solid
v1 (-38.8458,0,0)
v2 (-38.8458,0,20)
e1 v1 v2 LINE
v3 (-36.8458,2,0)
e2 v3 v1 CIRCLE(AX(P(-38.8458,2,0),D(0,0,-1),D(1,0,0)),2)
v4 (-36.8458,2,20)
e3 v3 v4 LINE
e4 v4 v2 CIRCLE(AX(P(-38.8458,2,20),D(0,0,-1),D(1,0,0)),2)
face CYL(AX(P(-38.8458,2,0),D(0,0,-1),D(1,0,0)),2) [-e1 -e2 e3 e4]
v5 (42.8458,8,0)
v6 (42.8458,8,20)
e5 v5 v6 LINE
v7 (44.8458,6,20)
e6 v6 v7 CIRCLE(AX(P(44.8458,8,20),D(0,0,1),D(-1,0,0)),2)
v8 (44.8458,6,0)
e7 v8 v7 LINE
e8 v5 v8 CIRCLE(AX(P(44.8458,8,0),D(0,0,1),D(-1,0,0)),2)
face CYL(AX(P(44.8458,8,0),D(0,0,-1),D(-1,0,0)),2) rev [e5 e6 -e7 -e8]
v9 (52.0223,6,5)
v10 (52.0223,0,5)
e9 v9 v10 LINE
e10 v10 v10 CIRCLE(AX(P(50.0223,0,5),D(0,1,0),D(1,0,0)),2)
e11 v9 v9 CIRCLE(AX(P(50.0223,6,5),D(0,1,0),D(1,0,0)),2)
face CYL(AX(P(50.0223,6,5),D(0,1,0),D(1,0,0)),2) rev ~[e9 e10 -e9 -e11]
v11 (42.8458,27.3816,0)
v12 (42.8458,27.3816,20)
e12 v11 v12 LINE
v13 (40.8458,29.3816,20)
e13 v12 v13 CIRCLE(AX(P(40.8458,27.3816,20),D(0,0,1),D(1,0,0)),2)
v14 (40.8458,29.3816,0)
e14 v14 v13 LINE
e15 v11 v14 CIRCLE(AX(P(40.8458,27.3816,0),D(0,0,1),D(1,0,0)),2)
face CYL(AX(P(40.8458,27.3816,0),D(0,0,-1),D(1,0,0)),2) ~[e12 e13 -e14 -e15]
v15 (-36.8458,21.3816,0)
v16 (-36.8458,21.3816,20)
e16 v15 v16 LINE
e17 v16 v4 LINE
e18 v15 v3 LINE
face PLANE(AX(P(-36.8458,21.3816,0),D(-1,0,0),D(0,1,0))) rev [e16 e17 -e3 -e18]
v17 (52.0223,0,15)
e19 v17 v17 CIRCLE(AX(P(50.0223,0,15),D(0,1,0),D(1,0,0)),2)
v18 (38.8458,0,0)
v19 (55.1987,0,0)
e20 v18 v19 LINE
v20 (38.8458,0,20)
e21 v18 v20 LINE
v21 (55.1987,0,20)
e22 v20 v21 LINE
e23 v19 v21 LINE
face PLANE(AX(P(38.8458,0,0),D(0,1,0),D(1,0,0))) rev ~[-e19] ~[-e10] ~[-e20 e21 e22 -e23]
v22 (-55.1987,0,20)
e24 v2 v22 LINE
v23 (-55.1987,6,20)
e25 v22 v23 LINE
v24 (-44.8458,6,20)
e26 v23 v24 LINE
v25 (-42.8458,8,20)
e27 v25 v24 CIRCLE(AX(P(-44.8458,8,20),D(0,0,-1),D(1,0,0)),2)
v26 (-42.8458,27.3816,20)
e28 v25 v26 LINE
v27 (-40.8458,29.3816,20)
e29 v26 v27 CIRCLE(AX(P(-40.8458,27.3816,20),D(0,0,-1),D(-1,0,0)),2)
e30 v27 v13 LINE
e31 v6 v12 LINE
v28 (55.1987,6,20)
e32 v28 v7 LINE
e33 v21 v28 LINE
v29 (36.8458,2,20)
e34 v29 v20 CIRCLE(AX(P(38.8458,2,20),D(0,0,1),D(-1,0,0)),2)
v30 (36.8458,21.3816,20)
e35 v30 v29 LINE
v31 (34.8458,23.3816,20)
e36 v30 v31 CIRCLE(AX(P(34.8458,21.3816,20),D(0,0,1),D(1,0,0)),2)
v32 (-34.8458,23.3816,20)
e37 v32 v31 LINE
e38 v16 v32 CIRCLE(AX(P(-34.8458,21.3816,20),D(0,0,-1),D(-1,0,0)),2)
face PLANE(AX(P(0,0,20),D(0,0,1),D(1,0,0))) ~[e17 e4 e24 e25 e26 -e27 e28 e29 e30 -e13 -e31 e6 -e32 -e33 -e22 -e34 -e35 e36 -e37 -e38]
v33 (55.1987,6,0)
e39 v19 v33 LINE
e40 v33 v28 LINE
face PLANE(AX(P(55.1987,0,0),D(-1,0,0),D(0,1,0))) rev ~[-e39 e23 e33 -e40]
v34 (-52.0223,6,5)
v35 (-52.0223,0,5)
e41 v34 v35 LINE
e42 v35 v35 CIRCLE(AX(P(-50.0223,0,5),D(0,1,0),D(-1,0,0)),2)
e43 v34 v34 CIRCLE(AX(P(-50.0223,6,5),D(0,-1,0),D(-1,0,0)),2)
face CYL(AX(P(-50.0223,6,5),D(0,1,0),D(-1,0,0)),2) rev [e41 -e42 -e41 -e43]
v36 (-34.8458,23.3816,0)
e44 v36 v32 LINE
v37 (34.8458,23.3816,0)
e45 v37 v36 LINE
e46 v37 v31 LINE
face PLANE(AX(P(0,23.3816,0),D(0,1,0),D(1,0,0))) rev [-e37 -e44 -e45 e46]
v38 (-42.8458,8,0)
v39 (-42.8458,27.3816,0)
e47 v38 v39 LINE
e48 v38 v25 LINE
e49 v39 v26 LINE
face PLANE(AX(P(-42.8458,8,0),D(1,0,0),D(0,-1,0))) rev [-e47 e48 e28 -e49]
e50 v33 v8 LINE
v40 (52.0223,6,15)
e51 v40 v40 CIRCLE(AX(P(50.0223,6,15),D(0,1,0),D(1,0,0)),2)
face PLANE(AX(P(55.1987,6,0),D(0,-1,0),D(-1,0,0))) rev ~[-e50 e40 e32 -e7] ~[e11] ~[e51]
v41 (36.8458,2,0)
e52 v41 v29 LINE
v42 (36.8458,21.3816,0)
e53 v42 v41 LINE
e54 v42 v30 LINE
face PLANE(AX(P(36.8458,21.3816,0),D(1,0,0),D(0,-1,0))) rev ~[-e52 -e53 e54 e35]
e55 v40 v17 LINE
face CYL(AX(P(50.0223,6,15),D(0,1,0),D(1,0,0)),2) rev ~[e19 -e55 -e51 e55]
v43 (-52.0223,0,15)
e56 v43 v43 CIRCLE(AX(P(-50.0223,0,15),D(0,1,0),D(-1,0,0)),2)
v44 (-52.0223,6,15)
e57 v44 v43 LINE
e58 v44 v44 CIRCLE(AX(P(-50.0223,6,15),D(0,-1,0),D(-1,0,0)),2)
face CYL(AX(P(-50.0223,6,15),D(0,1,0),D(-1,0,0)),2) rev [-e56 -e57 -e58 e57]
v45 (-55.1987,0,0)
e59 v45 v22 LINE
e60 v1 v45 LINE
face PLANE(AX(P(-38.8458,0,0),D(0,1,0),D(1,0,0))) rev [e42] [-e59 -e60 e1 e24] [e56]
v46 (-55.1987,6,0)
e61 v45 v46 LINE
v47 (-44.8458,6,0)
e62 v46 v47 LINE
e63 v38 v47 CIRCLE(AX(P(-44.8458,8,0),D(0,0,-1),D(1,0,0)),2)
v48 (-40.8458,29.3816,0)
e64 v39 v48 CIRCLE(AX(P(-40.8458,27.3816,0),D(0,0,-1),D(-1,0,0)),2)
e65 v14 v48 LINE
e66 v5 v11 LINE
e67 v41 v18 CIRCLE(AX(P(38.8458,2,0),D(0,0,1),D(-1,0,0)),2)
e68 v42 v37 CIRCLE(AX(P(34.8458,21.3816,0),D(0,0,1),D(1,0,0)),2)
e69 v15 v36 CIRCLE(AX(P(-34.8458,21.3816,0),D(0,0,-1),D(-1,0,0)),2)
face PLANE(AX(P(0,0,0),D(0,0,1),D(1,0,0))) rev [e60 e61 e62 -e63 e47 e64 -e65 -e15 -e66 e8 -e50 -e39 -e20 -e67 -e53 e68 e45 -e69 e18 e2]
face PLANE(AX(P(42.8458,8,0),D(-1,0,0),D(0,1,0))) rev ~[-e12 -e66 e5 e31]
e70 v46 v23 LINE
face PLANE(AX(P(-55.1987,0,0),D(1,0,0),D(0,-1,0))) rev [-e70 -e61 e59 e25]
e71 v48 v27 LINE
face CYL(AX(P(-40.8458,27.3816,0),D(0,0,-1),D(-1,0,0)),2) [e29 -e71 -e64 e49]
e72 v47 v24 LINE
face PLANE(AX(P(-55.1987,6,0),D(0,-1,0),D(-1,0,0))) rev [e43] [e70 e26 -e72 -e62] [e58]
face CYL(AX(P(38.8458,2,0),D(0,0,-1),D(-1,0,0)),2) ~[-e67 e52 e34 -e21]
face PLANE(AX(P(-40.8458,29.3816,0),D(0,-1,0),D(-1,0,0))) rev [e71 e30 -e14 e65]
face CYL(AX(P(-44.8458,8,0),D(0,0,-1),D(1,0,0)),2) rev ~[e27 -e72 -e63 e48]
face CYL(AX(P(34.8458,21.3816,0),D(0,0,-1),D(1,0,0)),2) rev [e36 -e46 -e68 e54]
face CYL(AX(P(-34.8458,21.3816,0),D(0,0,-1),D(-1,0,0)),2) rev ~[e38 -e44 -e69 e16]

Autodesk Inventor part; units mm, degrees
ref_plane "YZ Plane" through (0, 0, 0) normal (1, 0, 0) x (0, 1, 0)
ref_plane "XZ Plane" through (0, 0, 0) normal (0, 1, 0) x (-1, 0, 0)
ref_plane "XY Plane" through (0, 0, 0) normal (0, 0, 1) x (1, 0, 0)
sketch "Sketch1" plane through (0, 0, 0) normal (0, 0, 1) x (1, 0, 0)
  line L0 (0, 23.3816) -> (34.8458, 23.3816)
  line L1 (36.8458, 21.3816) -> (36.8458, 2)
  line L2 (38.8458, 0) -> (55.1987, 0)
  line L3 (55.1987, 0) -> (55.1987, 6)
  line L4 (55.1987, 6) -> (44.8458, 6)
  line L5 (42.8458, 8) -> (42.8458, 27.3816)
  line L6 (40.8458, 29.3816) -> (0, 29.3816)
  arc A0 (42.8458, 8) -> (44.8458, 6) centre (44.8458, 8) ccw
  arc A1 (36.8458, 2) -> (38.8458, 0) centre (38.8458, 2) ccw
  arc A2 (36.8458, 21.3816) -> (34.8458, 23.3816) centre (34.8458, 21.3816) ccw
  arc A3 (42.8458, 27.3816) -> (40.8458, 29.3816) centre (40.8458, 27.3816) ccw
  line L7 (0, 23.3816) -> (0, 29.3816)
  point P0 (0, 0)
  dimension "d0" = 6
  dimension "d1" = 6
  dimension "d2" = 6
  dimension "d3" = 2
extrude "Extrusion1" add sketch "Sketch1" along normal blind 20
sketch "Sketch2" plane through (44.8458, 6, 0) normal (0, 1, 0) x (1, 0, 0)
  line L0 (10.3529, -20) -> (0, -20) construction
  line L1 (5.1765, -20) -> (5.1765, -15) construction
  line L2 (5.1765, -15) -> (5.1765, -5) construction
  circle A0 centre (5.1765, -15) radius 2
  circle A1 centre (5.1765, -5) radius 2
  point P0 (-44.8458, 0)
  dimension "d7" = 10
  dimension "d8" = 5
  dimension "d9" = 4
  dimension "d10" = 4
extrude "Extrusion2" cut sketch "Sketch2" against normal blind 20
mirror "Mirror1" about plane through (0, 29.3816, 0) normal (-1, 0, 0) of "Extrusion1", "Extrusion2"
properties part number "poigne"
